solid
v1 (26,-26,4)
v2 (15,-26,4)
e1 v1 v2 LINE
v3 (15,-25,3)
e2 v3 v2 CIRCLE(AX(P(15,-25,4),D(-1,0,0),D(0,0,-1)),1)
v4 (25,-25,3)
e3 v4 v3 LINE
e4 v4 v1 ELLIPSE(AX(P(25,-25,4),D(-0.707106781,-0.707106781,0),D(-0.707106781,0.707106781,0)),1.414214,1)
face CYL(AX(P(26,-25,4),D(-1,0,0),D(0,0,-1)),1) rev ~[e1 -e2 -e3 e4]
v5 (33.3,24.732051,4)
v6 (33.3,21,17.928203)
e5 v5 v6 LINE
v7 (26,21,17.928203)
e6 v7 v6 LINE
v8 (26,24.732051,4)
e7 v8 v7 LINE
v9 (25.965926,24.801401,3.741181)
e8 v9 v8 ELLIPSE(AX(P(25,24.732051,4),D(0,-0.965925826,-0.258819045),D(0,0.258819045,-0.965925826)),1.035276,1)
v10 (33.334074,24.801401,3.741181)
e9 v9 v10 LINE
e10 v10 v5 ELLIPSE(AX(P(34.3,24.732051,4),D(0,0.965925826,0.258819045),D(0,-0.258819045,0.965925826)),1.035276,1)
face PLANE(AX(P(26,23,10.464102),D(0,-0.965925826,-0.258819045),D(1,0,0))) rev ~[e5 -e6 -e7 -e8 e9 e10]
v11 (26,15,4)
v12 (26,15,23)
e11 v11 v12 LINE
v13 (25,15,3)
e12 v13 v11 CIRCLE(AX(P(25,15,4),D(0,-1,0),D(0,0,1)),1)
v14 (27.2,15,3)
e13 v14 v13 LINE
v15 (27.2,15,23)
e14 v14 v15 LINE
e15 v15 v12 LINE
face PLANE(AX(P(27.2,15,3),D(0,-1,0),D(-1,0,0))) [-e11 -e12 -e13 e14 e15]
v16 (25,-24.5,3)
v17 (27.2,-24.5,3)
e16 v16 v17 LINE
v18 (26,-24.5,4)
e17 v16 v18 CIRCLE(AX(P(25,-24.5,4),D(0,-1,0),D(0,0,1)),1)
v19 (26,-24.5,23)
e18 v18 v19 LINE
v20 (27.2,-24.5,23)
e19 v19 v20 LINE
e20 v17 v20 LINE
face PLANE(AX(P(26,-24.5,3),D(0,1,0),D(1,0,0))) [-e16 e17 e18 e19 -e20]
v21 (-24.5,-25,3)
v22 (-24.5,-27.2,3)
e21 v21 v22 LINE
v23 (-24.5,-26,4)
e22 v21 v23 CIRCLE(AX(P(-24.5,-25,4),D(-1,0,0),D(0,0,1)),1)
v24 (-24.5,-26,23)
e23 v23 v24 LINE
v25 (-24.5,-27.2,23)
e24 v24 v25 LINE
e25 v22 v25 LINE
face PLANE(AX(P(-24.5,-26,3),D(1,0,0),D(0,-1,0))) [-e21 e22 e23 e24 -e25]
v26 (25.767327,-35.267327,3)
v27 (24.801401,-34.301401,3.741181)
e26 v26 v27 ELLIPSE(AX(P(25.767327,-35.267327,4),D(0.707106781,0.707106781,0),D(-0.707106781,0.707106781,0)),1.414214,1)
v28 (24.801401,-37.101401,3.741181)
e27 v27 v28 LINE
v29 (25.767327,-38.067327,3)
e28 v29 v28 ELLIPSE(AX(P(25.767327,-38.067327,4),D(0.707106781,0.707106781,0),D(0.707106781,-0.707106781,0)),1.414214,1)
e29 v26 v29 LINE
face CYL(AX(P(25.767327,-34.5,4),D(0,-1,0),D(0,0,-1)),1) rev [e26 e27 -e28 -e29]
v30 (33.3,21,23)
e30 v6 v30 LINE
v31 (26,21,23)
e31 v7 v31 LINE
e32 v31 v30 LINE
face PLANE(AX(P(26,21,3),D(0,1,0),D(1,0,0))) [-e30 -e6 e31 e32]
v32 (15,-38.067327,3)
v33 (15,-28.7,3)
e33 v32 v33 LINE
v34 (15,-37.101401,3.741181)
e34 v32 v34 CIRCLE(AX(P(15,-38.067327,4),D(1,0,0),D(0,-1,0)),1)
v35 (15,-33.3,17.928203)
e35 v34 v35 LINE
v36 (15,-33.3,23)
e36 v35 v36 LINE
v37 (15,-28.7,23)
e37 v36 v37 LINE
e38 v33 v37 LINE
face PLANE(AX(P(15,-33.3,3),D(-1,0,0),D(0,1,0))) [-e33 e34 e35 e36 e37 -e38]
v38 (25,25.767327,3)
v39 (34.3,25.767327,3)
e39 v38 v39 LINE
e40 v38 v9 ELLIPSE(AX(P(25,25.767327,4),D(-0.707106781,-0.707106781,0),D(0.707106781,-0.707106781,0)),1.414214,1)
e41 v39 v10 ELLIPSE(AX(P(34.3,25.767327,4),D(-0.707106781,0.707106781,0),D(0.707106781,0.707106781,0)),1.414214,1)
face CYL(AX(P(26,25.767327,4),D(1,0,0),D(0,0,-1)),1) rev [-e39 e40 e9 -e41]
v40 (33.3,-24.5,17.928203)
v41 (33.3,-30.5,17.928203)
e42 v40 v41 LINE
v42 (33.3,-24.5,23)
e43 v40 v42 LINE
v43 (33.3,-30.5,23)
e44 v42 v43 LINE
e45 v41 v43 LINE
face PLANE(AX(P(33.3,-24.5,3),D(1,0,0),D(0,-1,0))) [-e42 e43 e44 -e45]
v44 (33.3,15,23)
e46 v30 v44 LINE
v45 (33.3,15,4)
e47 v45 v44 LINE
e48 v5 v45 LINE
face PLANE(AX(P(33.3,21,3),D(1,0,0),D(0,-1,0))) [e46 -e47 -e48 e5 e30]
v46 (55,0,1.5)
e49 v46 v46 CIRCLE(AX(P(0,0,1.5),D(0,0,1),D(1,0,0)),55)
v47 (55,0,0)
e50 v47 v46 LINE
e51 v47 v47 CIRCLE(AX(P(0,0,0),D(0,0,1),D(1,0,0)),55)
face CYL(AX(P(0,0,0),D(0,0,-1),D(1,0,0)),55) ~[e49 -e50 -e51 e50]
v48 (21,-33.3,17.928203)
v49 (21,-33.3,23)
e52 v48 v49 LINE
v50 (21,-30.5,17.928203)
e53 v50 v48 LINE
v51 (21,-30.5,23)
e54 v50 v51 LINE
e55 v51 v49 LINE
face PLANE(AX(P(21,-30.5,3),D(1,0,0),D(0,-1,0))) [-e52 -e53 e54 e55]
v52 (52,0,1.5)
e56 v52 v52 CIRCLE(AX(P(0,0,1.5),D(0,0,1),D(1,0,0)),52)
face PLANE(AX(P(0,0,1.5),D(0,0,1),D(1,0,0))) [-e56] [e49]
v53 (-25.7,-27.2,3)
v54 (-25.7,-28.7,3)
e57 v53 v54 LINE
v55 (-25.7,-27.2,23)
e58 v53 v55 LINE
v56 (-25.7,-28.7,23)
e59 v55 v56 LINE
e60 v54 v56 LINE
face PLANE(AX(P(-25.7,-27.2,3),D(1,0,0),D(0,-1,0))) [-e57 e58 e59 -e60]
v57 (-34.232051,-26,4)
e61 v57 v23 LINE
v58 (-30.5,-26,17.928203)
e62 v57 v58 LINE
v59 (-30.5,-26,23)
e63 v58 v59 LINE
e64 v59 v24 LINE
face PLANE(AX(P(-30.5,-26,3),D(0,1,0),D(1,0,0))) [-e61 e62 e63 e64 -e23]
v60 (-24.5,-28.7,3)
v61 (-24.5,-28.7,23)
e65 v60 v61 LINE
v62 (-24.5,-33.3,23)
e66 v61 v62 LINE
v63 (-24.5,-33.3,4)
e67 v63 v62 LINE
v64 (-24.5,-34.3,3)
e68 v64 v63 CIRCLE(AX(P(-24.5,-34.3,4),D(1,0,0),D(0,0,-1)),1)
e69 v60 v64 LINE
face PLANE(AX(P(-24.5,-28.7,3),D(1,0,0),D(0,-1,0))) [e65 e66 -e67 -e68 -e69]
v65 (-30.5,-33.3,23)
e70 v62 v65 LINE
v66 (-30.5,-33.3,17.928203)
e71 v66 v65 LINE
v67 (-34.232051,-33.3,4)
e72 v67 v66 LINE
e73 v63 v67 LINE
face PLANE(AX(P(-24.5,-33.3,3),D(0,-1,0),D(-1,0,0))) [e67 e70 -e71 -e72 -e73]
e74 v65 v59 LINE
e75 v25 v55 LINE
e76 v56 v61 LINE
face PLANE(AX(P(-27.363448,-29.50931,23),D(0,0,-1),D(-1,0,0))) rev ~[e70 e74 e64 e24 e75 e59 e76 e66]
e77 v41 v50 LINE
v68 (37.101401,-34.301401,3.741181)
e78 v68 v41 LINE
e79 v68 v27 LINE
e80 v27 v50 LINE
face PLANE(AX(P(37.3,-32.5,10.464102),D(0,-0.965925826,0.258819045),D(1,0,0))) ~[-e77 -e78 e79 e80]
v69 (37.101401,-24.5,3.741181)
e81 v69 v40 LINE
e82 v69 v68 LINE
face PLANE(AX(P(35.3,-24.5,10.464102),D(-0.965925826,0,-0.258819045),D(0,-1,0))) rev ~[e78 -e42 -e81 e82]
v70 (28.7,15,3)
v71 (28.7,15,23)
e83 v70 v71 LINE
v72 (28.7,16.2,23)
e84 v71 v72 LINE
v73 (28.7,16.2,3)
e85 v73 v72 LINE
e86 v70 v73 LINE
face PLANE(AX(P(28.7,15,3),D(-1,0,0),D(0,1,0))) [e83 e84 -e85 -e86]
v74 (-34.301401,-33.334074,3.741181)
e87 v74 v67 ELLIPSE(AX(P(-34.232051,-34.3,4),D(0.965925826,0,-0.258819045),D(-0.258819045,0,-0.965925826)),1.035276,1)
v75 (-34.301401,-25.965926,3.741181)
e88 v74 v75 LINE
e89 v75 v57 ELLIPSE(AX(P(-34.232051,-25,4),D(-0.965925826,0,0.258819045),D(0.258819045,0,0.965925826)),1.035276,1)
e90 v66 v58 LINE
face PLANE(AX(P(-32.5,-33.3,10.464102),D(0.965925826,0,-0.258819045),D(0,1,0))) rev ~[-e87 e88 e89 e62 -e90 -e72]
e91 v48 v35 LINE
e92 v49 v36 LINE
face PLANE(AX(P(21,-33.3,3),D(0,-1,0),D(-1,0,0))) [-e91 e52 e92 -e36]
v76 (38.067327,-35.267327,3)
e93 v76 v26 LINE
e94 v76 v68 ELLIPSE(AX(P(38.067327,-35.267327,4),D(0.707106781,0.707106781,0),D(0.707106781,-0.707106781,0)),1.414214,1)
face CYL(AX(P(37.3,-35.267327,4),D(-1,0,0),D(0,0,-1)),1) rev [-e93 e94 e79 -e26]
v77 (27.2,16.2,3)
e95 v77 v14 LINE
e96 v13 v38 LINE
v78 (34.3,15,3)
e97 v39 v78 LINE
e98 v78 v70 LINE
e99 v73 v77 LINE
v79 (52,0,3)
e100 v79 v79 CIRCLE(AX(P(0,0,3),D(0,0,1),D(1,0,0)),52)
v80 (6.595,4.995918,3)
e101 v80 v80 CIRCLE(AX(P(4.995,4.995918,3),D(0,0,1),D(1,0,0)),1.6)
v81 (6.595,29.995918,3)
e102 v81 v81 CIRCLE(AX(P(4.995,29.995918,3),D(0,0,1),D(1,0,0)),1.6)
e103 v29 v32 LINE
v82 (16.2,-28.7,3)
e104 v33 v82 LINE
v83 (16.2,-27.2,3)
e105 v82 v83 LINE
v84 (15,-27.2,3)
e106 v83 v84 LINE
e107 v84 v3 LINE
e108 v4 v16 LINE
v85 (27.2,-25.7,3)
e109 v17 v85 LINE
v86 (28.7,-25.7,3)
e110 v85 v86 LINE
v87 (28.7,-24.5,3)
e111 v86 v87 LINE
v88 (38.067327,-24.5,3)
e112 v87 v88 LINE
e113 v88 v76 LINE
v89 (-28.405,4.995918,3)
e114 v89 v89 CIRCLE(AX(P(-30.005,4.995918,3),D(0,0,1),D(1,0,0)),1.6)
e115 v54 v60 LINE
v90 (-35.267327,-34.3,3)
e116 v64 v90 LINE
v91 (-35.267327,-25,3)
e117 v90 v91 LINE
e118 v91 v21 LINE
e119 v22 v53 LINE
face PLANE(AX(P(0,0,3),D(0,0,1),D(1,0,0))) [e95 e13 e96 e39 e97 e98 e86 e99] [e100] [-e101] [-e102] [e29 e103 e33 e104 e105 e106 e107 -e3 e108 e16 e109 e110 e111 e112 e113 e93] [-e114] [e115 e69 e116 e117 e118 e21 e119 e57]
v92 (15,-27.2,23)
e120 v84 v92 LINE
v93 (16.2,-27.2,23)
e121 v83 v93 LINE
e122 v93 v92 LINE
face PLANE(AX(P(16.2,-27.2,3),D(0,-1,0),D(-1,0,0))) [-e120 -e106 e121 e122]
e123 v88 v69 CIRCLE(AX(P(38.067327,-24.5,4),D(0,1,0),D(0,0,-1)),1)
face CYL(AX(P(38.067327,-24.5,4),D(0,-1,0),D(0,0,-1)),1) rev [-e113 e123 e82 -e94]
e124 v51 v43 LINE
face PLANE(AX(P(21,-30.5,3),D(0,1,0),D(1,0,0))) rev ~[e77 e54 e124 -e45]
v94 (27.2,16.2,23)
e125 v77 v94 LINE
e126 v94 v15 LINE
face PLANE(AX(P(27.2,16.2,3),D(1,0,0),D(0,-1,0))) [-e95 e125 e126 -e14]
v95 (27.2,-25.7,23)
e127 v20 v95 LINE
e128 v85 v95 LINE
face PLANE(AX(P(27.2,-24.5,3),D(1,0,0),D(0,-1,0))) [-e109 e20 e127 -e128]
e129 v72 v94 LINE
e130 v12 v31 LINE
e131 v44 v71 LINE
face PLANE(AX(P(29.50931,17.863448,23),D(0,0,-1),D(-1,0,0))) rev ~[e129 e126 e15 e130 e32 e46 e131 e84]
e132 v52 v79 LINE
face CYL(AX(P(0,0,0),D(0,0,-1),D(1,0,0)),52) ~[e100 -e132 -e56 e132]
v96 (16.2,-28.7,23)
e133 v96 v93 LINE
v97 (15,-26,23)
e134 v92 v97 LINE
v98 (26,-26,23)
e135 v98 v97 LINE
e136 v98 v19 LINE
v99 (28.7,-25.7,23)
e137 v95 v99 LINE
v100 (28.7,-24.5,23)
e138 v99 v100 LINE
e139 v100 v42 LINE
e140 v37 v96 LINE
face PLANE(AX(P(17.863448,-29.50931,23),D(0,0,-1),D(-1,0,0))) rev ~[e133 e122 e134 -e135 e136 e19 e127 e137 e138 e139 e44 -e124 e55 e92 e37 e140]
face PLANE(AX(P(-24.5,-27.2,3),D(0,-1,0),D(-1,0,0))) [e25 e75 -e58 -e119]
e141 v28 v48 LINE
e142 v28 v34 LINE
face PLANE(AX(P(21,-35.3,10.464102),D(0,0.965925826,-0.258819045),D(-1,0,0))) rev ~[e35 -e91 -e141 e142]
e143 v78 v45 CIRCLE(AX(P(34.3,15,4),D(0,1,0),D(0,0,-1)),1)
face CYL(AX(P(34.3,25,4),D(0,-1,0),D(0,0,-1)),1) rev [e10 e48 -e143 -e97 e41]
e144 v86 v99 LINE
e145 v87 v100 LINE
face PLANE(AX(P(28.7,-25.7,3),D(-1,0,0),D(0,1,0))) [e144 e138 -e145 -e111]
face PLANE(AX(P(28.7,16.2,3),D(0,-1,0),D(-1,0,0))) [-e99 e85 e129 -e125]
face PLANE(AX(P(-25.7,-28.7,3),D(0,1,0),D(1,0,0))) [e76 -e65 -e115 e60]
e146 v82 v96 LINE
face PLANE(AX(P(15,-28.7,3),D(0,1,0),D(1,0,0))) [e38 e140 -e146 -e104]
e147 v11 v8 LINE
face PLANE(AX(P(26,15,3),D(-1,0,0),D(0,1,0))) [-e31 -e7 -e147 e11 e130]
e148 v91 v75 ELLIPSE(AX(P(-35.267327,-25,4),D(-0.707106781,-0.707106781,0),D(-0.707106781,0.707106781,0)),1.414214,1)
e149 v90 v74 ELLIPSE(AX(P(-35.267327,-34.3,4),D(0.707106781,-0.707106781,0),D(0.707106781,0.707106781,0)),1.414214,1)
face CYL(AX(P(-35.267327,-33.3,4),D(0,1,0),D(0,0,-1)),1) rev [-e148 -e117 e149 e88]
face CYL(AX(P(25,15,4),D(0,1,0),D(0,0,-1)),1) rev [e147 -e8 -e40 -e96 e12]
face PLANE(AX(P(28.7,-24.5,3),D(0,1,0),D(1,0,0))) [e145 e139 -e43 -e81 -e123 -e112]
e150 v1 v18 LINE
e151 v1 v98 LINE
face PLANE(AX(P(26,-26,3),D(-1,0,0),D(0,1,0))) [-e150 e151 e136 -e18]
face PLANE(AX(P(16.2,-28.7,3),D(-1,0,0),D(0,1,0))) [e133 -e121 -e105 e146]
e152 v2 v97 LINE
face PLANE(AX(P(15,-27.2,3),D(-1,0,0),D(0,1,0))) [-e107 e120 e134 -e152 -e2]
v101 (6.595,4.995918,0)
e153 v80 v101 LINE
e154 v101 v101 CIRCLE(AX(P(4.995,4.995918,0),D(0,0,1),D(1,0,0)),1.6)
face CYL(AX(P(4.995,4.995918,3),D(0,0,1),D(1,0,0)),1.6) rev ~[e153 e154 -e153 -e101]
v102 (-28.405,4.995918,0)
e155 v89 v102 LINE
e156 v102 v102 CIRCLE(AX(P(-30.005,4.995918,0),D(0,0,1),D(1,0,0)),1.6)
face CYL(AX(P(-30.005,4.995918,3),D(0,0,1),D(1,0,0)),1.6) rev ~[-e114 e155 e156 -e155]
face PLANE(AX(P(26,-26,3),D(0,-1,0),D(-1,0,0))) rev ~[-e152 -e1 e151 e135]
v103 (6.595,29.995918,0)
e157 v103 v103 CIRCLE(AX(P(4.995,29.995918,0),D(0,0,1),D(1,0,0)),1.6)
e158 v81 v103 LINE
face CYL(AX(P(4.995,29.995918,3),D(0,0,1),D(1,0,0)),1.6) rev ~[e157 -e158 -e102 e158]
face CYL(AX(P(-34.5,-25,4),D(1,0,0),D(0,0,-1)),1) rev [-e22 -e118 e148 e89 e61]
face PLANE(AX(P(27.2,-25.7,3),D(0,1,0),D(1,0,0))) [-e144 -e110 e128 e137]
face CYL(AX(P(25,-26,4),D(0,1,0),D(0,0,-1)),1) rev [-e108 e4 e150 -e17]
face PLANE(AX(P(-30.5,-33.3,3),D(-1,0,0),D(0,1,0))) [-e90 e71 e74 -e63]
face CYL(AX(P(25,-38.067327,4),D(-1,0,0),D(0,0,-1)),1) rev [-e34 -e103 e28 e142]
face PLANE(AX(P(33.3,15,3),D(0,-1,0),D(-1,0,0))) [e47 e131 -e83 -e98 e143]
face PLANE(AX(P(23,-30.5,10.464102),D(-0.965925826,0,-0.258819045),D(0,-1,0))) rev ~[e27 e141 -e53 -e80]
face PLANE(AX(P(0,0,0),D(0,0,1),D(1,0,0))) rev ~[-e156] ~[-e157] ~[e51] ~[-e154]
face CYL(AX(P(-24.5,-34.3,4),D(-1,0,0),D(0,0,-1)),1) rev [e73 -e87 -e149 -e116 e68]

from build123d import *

# Parameters (mm, degrees)
SKIZZE1_R                       = 52
AUFSATZ_LINEAR_AUSTRAGEN1_DEPTH = 3
SKIZZE1_3_R                     = 55
SKIZZE1_3_R_2                   = 52
AUFSATZ_LINEAR_AUSTRAGEN2_DEPTH = 1.5
AUFSATZ_LINEAR_AUSTRAGEN5_DEPTH = 20
FASE2_SIZE                      = 4
FASE2_SIZE2                     = 14.92820323
FASE3_SIZE                      = 4
FASE3_SIZE2                     = 14.92820323
VERRUNDUNG1_R                   = 1
SCHNITT_LINEAR_AUSTRAGEN1_REACH = 82.312
SKIZZE3_R                       = 1.6


with BuildPart() as part:
    # Skizze1 → Aufsatz-Linear austragen1 (new body)
    with BuildSketch(Plane.XY):
        Circle(SKIZZE1_R)
    extrude(amount=AUFSATZ_LINEAR_AUSTRAGEN1_DEPTH)

    # Skizze1<3> → Aufsatz-Linear austragen2 (add)
    with BuildSketch(Plane.XY):
        Circle(SKIZZE1_3_R)
        Circle(SKIZZE1_3_R_2, mode=Mode.SUBTRACT)
    extrude(amount=AUFSATZ_LINEAR_AUSTRAGEN2_DEPTH)

    # Skizze2 → Aufsatz-Linear austragen5 (add)
    with BuildSketch(Plane.XY.offset(3)):
        Polygon((26, 21), (26, 15), (27.2, 15), (27.2, 16.2), (28.7, 16.2), (28.7, 15), (33.3, 15), (33.3, 21), align=None)
        Polygon((33.3, -30.5), (33.3, -24.5), (28.7, -24.5), (28.7, -25.7), (27.2, -25.7), (27.2, -24.5), (26, -24.5), (26, -26), (15, -26), (15, -27.2), (16.2, -27.2), (16.2, -28.7), (15, -28.7), (15, -33.3), (21, -33.3), (21, -30.5), align=None)
        Polygon((-30.5, -26), (-30.5, -33.3), (-24.5, -33.3), (-24.5, -28.7), (-25.7, -28.7), (-25.7, -27.2), (-24.5, -27.2), (-24.5, -26), align=None)
    extrude(amount=AUFSATZ_LINEAR_AUSTRAGEN5_DEPTH)

    # Fase2
    fase2_edges = [part.edges().sort_by_distance(p)[0] for p in [
        (33.3, -27.5, 3),
        (18, -33.3, 3),
        (29.65, 21, 3),
        (-30.5, -29.65, 3),
    ]]
    fase2_side = [part.faces().sort_by_distance(p)[0] for p in [
        (-0.31627578, 0.425239539, 3),
    ]]
    chamfer(fase2_edges, length=FASE2_SIZE, length2=FASE2_SIZE2, reference=fase2_side[0])

    # Fase3
    fase3_edges = [part.edges().sort_by_distance(p)[0] for p in [
        (29.15, -30.5, 3),
        (21, -33.9, 3),
    ]]
    fase3_side = [part.faces().sort_by_distance(p)[0] for p in [
        (-0.466268066, 0.638295482, 3),
    ]]
    chamfer(fase3_edges, length=FASE3_SIZE, length2=FASE3_SIZE2, reference=fase3_side[0])

    # Verrundung1
    verrundung1_edges = [part.edges().sort_by_distance(p)[0] for p in [
        (26, 20, 3),
        (29.65, 25, 3),
        (33.3, 20, 3),
        (-29.5, -33.3, 3),
        (-34.5, -29.65, 3),
        (-29.5, -26, 3),
        (26, -25.25, 3),
        (20.5, -26, 3),
        (37.3, -29.5, 3),
        (31.15, -34.5, 3),
        (25, -35.9, 3),
        (20, -37.3, 3),
    ]]
    fillet(verrundung1_edges, radius=VERRUNDUNG1_R)

    # Skizze3 → Schnitt-Linear austragen1 (cut, up to next)
    with BuildSketch(Plane.XY.offset(3), mode=Mode.PRIVATE) as schnitt_linear_austragen1_sk1:
        with Locations((4.995000167, 4.995918163)):
            Circle(SKIZZE3_R)
    schnitt_linear_austragen1_tool1 = extrude(schnitt_linear_austragen1_sk1.sketch, amount=-SCHNITT_LINEAR_AUSTRAGEN1_REACH, mode=Mode.PRIVATE) & part.part
    # Skizze3 → Schnitt-Linear austragen1 (cut, up to next)
    with BuildSketch(Plane.XY.offset(3), mode=Mode.PRIVATE) as schnitt_linear_austragen1_sk2:
        with Locations((4.995000167, 29.995918163)):
            Circle(SKIZZE3_R)
    schnitt_linear_austragen1_tool2 = extrude(schnitt_linear_austragen1_sk2.sketch, amount=-SCHNITT_LINEAR_AUSTRAGEN1_REACH, mode=Mode.PRIVATE) & part.part
    # Skizze3 → Schnitt-Linear austragen1 (cut, up to next)
    with BuildSketch(Plane.XY.offset(3), mode=Mode.PRIVATE) as schnitt_linear_austragen1_sk3:
        with Locations((-30.004999833, 4.995918163)):
            Circle(SKIZZE3_R)
    schnitt_linear_austragen1_tool3 = extrude(schnitt_linear_austragen1_sk3.sketch, amount=-SCHNITT_LINEAR_AUSTRAGEN1_REACH, mode=Mode.PRIVATE) & part.part
    add(schnitt_linear_austragen1_tool1.solids().sort_by_distance((4.995, 4.995918, 3))[0], mode=Mode.SUBTRACT)
    add(schnitt_linear_austragen1_tool2.solids().sort_by_distance((4.995, 29.995918, 3))[0], mode=Mode.SUBTRACT)
    add(schnitt_linear_austragen1_tool3.solids().sort_by_distance((-30.005, 4.995918, 3))[0], mode=Mode.SUBTRACT)


solid = part.part
